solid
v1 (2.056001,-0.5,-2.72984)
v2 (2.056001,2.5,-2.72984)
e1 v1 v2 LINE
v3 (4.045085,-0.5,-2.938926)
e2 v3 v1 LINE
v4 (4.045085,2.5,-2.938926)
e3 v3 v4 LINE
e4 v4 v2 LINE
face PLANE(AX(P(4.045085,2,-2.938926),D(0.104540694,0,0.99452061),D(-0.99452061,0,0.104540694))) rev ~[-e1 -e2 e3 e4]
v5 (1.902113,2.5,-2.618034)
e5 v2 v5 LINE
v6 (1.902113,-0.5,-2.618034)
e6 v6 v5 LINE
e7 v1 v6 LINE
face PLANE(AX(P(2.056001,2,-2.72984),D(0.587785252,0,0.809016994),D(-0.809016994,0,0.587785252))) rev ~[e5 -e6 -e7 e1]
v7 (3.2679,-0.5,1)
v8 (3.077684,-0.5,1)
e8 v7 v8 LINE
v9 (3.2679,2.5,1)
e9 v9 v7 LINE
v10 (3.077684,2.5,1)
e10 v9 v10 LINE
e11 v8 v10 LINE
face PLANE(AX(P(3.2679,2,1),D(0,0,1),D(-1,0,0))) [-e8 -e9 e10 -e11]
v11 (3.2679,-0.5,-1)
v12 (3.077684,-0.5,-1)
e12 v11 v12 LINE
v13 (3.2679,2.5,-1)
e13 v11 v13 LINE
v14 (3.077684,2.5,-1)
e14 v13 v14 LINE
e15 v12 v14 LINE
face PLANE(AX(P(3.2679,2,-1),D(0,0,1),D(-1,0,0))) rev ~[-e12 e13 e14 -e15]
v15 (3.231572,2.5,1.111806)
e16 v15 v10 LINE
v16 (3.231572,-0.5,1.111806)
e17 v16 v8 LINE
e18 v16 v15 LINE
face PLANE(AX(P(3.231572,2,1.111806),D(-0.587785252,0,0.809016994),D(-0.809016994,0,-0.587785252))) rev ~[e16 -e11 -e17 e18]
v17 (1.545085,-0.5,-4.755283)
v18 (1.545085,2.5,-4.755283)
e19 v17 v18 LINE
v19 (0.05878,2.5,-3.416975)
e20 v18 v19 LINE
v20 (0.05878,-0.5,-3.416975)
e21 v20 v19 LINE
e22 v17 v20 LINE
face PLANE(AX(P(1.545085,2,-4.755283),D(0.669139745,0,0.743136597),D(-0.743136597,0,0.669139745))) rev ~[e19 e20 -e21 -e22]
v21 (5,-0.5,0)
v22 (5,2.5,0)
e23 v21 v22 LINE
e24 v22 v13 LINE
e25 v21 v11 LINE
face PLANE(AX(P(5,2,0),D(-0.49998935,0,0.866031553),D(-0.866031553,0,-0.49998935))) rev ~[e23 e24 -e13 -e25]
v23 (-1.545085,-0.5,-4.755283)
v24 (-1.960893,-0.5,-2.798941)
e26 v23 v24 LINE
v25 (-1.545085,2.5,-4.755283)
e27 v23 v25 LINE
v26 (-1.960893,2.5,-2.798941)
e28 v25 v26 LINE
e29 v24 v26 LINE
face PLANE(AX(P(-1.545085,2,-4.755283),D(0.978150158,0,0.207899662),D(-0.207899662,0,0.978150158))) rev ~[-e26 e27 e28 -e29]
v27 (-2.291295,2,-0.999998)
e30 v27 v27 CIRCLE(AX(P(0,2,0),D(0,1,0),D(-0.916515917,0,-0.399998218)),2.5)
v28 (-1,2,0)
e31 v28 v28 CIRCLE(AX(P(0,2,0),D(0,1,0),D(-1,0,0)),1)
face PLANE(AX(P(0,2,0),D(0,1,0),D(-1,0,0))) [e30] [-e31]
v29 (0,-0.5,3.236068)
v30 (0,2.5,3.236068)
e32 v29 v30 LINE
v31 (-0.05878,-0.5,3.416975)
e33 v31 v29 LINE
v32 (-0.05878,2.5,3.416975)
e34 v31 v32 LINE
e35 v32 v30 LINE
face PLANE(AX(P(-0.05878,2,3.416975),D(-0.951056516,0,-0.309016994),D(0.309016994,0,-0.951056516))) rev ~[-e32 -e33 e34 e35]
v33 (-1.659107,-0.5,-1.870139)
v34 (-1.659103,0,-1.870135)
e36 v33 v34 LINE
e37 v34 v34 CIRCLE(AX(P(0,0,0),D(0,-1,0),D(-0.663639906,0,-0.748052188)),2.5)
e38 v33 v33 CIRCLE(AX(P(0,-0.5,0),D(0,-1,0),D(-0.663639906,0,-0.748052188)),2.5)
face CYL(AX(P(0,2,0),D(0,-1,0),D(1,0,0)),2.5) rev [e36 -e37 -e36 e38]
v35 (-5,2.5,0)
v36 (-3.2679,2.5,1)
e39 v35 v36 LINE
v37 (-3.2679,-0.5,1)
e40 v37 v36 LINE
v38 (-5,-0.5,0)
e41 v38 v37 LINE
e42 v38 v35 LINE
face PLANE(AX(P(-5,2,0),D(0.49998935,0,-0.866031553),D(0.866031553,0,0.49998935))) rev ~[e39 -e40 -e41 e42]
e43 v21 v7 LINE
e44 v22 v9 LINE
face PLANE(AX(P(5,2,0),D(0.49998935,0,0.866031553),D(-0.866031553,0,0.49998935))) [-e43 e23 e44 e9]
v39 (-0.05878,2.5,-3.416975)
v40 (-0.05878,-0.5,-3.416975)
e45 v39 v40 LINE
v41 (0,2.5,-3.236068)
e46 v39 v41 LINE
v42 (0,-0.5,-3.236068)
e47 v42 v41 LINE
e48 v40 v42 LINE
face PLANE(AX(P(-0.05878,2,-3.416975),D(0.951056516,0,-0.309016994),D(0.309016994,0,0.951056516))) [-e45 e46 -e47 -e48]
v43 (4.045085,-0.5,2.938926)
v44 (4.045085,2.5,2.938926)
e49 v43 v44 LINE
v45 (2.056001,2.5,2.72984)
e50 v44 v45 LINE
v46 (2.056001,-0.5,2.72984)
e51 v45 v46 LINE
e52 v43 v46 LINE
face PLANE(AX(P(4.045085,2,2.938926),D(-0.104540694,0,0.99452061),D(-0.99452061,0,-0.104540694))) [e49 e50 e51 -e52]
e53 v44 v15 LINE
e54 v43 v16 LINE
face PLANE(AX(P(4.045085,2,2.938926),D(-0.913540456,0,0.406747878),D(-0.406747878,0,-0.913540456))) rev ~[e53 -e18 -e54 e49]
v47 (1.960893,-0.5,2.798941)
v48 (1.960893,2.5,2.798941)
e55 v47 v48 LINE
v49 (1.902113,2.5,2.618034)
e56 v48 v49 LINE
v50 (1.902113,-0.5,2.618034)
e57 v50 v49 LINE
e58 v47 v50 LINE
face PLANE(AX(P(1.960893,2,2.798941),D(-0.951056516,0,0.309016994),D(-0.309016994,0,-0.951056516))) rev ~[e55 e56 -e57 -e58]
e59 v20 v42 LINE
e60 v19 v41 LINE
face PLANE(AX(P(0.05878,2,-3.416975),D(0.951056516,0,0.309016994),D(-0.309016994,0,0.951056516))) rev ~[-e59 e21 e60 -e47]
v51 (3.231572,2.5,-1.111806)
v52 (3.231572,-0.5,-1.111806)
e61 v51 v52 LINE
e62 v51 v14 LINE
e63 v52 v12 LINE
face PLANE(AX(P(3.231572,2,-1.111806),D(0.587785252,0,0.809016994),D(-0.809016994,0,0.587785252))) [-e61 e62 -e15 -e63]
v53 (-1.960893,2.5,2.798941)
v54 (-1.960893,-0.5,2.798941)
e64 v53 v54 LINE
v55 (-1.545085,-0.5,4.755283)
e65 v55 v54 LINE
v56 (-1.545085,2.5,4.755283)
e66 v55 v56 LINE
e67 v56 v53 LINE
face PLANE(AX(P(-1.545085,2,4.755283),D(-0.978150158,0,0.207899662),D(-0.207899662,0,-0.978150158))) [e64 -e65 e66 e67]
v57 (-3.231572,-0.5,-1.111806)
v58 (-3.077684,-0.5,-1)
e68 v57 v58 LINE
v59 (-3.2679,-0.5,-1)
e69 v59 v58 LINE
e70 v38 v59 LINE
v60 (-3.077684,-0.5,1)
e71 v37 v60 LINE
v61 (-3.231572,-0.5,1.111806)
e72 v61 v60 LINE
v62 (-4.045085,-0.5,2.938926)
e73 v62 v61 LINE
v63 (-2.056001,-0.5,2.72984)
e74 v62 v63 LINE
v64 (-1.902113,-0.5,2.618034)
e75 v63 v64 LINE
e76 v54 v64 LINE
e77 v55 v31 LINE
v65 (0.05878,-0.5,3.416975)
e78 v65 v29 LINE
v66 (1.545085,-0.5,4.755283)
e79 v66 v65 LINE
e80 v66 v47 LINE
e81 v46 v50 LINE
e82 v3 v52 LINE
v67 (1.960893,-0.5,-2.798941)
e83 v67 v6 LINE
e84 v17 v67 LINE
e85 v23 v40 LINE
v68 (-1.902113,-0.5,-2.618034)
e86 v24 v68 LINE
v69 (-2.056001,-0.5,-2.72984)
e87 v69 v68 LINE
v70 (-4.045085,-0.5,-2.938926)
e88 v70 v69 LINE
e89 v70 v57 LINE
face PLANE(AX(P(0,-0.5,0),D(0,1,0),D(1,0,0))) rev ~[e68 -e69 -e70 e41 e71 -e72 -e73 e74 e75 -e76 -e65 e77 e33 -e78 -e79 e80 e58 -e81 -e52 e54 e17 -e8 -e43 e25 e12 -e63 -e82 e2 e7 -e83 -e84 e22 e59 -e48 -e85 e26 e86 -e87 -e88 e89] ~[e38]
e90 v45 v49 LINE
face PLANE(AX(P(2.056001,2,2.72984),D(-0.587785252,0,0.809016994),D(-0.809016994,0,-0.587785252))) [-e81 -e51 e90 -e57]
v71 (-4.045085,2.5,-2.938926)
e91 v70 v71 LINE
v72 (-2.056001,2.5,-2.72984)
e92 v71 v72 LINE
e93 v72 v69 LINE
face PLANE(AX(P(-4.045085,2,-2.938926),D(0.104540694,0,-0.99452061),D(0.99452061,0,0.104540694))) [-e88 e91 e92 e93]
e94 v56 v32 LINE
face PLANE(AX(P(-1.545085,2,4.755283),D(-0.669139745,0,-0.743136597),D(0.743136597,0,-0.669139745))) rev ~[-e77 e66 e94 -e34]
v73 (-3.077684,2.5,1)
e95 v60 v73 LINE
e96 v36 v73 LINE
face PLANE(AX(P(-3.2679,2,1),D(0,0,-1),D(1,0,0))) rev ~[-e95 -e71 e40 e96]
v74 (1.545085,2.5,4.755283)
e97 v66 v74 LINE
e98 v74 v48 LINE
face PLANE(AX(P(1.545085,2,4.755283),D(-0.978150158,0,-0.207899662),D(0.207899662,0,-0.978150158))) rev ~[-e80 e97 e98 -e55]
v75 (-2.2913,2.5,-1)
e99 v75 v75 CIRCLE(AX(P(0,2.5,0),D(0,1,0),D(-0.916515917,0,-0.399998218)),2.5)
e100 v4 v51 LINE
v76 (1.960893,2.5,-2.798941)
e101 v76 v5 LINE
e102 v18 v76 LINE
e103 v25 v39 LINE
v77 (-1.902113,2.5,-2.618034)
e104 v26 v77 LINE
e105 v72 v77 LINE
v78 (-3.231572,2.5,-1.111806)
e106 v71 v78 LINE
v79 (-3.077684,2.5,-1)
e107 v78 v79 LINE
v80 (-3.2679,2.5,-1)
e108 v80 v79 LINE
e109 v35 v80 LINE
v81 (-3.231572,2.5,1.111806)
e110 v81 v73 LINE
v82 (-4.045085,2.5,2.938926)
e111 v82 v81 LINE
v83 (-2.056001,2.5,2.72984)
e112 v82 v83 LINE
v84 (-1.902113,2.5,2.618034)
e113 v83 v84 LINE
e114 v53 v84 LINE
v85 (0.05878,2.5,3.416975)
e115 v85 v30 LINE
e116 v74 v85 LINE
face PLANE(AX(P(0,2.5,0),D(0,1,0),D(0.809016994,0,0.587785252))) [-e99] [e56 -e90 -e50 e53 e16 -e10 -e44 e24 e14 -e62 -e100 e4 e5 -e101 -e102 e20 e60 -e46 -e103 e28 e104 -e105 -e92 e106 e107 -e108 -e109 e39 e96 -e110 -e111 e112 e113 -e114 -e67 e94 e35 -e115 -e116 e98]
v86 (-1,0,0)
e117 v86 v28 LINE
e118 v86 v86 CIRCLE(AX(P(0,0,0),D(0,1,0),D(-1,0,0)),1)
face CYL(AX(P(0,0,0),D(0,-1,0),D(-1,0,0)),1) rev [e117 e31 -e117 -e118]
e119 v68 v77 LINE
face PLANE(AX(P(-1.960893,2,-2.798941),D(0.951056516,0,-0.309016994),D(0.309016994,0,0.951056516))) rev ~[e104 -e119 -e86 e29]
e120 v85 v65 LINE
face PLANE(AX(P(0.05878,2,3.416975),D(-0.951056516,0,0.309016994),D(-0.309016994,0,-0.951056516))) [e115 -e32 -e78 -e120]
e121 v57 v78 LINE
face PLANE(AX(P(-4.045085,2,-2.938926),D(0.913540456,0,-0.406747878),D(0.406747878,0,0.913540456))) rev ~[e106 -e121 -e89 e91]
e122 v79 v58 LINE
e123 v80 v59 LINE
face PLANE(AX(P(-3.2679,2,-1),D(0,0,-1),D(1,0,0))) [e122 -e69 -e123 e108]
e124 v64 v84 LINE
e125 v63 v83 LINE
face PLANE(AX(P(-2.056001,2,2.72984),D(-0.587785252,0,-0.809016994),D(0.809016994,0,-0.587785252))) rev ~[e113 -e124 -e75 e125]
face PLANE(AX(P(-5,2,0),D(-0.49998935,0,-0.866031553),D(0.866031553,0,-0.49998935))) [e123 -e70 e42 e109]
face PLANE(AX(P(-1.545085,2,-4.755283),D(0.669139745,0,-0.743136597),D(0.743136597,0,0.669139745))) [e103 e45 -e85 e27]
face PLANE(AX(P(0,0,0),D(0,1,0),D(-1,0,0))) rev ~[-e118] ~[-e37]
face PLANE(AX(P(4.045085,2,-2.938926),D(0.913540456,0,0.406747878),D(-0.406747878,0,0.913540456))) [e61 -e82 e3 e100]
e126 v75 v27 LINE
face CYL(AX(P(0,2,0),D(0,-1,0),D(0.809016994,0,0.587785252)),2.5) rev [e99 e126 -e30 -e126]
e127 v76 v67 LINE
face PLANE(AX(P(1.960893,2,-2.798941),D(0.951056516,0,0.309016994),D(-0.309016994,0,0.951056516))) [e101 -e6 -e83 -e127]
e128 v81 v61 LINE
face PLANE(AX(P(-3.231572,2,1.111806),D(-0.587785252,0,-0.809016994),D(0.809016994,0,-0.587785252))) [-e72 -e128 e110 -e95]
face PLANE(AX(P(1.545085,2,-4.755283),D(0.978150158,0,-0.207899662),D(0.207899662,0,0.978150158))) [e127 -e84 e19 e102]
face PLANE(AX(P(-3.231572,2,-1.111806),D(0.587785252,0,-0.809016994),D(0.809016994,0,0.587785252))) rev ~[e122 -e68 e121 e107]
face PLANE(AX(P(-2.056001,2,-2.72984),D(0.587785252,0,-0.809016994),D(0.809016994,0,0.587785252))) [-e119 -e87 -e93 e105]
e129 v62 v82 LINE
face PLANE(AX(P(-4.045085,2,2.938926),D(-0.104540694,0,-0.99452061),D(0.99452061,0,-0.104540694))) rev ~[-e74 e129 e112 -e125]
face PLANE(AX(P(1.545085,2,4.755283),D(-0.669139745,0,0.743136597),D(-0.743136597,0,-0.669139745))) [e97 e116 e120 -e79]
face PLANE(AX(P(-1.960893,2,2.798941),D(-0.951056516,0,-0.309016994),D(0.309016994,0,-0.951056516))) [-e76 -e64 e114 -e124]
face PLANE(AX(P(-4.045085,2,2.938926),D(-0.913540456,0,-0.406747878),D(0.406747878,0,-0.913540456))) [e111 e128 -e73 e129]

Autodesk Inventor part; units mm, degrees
ref_plane "YZ Plane" through (0, 0, 0) normal (1, 0, 0) x (0, 1, 0)
ref_plane "XZ Plane" through (0, 0, 0) normal (0, 1, 0) x (-1, 0, 0)
ref_plane "XY Plane" through (0, 0, 0) normal (0, 0, 1) x (1, 0, 0)
sketch "Sketch1" plane through (0, 0, 0) normal (0, 1, 0) x (-1, 0, 0)
  circle A0 centre (0, 0) radius 25
  circle A1 centre (0, 0) radius 22.5
  circle A2 centre (0, 0) radius 2.25
  line L0 (10, 10) -> (-10, 10)
  line L1 (-10, 10) -> (-10, -10)
  line L2 (-10, -10) -> (10, -10)
  line L3 (10, -10) -> (10, 10)
  line L4 (10, 10) -> (-10, -10) construction
  line L5 (-10, 10) -> (10, -10) construction
  circle A3 centre (10, -10) radius 2.5
  circle A4 centre (-10, -10) radius 2.5
  circle A5 centre (-10, 10) radius 2.5
  circle A6 centre (10, 10) radius 2.5
  circle A7 centre (0, 0) radius 5
  circle A8 centre (0, 0) radius 2.5
  circle A9 centre (0, 0) radius 1
  dimension "d0" = 50
  dimension "d1" = 45
  dimension "d2" = 4.5
  dimension "d3" = 20
  dimension "d4" = 20
  dimension "d5" = 5
  dimension "d6" = 5
  dimension "d7" = 5
  dimension "d8" = 5
  dimension "d27" = 10
  dimension "d28" = 5
  dimension "d29" = 2
extrude "Extrusion1" add sketch "Sketch1" along normal blind 2 contours A2 | A8
sketch "Sketch5" plane through (0, 2, 0) normal (0, 1, 0) x (1, 0, 0)
  circle A0 centre (0, 0) radius 5
  line L0 (-5, 0) -> (-3.2679, 1)
  line L1 (-5, 0) -> (-3, 0) construction
  line L2 (-3.2679, 1) -> (-2.2913, 1)
  circle A1 centre (0, 0) radius 2.5 projected
  line L3 (-5, 0) -> (-3.2679, -1)
  line L4 (-5, 0) -> (-3, 0) construction
  line L5 (-3.2679, -1) -> (-2.2913, -1)
  dimension "d30" = 10
  dimension "d31" = 2
  dimension "d32" = 30
  dimension "d33" = 2
  dimension "d34" = 30
extrude "Extrusion4" add sketch "Sketch5" along normal blind 0.5 and the other way blind 2.5 contours L0 L2 A1 L5 L3
pattern_circular "Circular Pattern2" count 10 over 360 about axis through (0, 0, 0) along (0, 1, 0) of "Extrusion4"
sketch "Sketch6" plane through (0, 2, 0) normal (0, 1, 0) x (1, 0, 0)
  line L0 (1.5451, 4.7553) -> (1.9609, 2.799) projected
  circle A0 centre (0, 0) radius 5
equation "\"BendRadius\" = Thickness"
equation "\"BendReliefWidth\" = Thickness"
equation "\"BendReliefDepth\" = 0.5 * Thickness"
equation "\"CornerReliefSize\" = 4 * Thickness"
equation "\"MinimumRemnant\" = 2 * Thickness"
equation "\"TransitionRadius\" = BendRadius"
equation "\"JacobiRadiusSize\" = BendRadius"
equation "\"GapSize\" = Thickness"
equation "\"Thickness\" = 0.5"
